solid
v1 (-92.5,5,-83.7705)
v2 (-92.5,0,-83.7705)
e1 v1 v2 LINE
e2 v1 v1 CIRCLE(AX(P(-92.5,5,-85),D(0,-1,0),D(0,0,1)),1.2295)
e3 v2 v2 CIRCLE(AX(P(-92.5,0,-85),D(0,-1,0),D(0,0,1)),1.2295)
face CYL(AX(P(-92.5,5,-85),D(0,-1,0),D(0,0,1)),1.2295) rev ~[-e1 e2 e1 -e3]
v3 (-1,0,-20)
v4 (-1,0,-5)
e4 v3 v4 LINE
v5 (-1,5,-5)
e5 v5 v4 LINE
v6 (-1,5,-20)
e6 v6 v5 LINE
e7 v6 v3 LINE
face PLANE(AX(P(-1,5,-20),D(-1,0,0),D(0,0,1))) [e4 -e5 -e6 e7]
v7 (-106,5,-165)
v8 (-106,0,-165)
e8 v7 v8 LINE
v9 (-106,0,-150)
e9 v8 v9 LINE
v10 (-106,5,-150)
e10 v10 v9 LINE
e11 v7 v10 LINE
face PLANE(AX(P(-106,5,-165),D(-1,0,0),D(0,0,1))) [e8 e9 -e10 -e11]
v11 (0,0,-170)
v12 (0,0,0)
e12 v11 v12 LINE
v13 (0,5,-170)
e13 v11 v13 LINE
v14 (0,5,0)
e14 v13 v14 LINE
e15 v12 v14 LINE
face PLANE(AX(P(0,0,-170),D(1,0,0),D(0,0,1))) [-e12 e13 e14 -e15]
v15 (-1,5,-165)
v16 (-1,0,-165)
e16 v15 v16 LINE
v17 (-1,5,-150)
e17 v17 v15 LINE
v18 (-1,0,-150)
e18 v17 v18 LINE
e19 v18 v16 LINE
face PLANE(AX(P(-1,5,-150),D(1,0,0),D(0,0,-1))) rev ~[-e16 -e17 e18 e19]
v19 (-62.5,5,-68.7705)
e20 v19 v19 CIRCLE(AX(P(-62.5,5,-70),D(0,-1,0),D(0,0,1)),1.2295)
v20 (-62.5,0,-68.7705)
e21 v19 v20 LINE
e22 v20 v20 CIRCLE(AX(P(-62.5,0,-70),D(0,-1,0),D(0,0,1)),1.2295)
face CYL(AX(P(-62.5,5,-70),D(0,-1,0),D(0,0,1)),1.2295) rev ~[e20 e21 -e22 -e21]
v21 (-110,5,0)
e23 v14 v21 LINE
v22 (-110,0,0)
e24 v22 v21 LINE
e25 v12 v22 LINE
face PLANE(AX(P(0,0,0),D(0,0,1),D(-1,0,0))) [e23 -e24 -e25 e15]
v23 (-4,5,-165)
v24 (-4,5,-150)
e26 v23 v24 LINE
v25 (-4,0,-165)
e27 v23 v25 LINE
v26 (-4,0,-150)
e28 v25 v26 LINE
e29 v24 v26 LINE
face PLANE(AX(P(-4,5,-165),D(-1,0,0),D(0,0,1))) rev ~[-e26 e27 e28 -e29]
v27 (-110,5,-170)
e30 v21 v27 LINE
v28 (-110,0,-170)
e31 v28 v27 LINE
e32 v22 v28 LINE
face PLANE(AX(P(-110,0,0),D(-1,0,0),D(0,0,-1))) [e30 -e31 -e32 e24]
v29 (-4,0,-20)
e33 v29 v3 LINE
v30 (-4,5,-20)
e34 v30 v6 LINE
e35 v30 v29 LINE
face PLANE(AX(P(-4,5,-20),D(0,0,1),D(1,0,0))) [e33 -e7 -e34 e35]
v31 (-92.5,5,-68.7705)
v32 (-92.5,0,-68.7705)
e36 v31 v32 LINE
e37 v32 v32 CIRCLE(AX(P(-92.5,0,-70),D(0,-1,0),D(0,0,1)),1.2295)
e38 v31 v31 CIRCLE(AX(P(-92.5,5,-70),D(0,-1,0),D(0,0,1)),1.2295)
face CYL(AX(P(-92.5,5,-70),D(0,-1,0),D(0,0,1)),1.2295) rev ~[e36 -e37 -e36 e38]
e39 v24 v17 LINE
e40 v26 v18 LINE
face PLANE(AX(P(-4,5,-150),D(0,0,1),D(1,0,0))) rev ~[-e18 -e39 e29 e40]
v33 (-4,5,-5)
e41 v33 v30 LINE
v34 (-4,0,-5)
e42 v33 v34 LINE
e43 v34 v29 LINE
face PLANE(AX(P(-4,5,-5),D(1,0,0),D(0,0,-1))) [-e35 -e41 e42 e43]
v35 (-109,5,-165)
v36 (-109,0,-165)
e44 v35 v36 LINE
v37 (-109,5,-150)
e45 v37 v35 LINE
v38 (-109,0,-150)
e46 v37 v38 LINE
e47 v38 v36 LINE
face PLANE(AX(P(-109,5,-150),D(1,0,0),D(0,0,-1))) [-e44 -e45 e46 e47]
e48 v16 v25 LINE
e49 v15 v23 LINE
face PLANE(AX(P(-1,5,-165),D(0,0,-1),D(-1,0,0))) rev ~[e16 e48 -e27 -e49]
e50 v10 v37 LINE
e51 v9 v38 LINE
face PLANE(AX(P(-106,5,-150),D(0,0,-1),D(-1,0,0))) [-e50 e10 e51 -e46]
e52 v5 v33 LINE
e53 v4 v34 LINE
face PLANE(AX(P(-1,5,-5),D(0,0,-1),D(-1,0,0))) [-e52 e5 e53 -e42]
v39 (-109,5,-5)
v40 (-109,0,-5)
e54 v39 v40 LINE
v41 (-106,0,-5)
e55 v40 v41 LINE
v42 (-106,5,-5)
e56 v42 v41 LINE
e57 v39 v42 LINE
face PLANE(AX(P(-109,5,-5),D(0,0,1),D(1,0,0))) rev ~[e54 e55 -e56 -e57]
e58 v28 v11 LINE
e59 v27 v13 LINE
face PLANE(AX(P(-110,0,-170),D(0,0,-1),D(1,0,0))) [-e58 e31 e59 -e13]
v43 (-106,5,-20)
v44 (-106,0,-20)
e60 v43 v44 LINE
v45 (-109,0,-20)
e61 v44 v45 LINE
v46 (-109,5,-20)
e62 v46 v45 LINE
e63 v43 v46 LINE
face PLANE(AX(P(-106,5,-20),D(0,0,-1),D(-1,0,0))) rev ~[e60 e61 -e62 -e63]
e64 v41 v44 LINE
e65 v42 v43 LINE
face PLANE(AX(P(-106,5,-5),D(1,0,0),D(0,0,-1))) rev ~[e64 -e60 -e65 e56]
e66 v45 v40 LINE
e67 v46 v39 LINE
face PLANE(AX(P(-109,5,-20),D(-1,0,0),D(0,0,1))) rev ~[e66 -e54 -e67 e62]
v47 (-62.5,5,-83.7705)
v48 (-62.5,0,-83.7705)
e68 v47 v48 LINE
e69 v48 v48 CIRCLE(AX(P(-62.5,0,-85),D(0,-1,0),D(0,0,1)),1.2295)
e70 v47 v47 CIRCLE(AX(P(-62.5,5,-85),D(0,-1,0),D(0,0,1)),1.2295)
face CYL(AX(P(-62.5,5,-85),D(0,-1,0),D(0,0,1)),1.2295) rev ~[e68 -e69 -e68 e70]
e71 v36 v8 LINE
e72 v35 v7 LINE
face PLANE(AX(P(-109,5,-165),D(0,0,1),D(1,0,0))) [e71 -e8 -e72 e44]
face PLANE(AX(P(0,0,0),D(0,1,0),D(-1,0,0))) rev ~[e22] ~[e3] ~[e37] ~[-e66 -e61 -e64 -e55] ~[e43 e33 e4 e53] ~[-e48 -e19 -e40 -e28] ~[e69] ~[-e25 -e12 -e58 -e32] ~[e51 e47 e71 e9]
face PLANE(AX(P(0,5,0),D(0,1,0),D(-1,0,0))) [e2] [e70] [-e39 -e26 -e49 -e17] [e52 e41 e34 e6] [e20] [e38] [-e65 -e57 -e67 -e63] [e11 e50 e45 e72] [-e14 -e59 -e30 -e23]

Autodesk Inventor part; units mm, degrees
ref_plane "YZ Plane" through (0, 0, 0) normal (1, 0, 0) x (0, 1, 0)
ref_plane "XZ Plane" through (0, 0, 0) normal (0, 1, 0) x (-1, 0, 0)
ref_plane "XY Plane" through (0, 0, 0) normal (0, 0, 1) x (1, 0, 0)
sketch "Esquisse1" plane through (0, 0, 0) normal (0, 1, 0) x (-1, 0, 0)
  line L0 (0, 0) -> (110, 0)
  line L1 (110, 0) -> (110, -170)
  line L2 (110, -170) -> (0, -170)
  line L3 (0, -170) -> (0, 0)
  dimension "d0" = 110
  dimension "d1" = 170
extrude "Extrusion1" add sketch "Esquisse1" along normal blind 5
sketch "Esquisse2" plane through (0, 5, 0) normal (0, 1, 0) x (1, 0, 0)
  line L0 (-110, 0) -> (0, 0) projected
  line L1 (-110, 0) -> (-110, 5)
  line L2 (-110, 170) -> (-110, 0) projected
  line L3 (-110, 5) -> (-105, 5)
  line L4 (-105, 5) -> (-106, 5)
  line L5 (-106, 5) -> (-106, 20)
  line L6 (-106, 20) -> (-109, 20)
  line L7 (-109, 20) -> (-109, 5)
  line L8 (-55, 0) -> (-55, 170)
  line L9 (-55, 85) -> (-68.7933, 85)
  line L10 (0, 5) -> (-5, 5)
  line L11 (-4, 5) -> (-4, 20)
  line L12 (-4, 20) -> (-1, 20)
  line L13 (-1, 20) -> (-1, 5)
  line L14 (-110, 165) -> (-105, 165)
  line L15 (-106, 165) -> (-106, 150)
  line L16 (-106, 150) -> (-109, 150)
  line L17 (-109, 150) -> (-109, 165)
  line L18 (-4, 165) -> (-4, 150)
  line L19 (-1, 150) -> (-1, 165)
  line L20 (0, 165) -> (-5, 165)
  line L21 (-4, 150) -> (-1, 150)
  dimension "d4" = 5
  dimension "d5" = 5
  dimension "d6" = 1
  dimension "d7" = 15
  dimension "d8" = 3
  dimension "d9" = 90
  dimension "d10" = 13.7933
  dimension "d11" = 85
extrude "Extrusion2" cut sketch "Esquisse2" against normal blind 5
sketch "Esquisse3" plane through (0, 5, 0) normal (0, 1, 0) x (1, 0, 0)
  line L0 (-110, 0) -> (0, 0) projected
  line L1 (-110, 0) -> (-110, 70)
  line L2 (-110, 170) -> (-110, 0) projected
  line L3 (-110, 70) -> (-92.5, 70)
  line L4 (-92.5, 70) -> (-92.5, 85)
  line L5 (-92.5, 85) -> (-62.5, 85)
  line L6 (-62.5, 85) -> (-62.5, 70)
  dimension "d14" = 70
  dimension "d15" = 17.5
  dimension "d16" = 15
  dimension "d17" = 30
hole "Perçage1" at (-92.5, 5, -70) at (-92.5, 5, -85) at (-62.5, 5, -85) at (-62.5, 5, -70) direction (0, -1, 0) diameter 2.459 end through all thread size "M3x0.5" class "6H" standard "ISO Metric profile"
properties part number "châssis haut avant"
